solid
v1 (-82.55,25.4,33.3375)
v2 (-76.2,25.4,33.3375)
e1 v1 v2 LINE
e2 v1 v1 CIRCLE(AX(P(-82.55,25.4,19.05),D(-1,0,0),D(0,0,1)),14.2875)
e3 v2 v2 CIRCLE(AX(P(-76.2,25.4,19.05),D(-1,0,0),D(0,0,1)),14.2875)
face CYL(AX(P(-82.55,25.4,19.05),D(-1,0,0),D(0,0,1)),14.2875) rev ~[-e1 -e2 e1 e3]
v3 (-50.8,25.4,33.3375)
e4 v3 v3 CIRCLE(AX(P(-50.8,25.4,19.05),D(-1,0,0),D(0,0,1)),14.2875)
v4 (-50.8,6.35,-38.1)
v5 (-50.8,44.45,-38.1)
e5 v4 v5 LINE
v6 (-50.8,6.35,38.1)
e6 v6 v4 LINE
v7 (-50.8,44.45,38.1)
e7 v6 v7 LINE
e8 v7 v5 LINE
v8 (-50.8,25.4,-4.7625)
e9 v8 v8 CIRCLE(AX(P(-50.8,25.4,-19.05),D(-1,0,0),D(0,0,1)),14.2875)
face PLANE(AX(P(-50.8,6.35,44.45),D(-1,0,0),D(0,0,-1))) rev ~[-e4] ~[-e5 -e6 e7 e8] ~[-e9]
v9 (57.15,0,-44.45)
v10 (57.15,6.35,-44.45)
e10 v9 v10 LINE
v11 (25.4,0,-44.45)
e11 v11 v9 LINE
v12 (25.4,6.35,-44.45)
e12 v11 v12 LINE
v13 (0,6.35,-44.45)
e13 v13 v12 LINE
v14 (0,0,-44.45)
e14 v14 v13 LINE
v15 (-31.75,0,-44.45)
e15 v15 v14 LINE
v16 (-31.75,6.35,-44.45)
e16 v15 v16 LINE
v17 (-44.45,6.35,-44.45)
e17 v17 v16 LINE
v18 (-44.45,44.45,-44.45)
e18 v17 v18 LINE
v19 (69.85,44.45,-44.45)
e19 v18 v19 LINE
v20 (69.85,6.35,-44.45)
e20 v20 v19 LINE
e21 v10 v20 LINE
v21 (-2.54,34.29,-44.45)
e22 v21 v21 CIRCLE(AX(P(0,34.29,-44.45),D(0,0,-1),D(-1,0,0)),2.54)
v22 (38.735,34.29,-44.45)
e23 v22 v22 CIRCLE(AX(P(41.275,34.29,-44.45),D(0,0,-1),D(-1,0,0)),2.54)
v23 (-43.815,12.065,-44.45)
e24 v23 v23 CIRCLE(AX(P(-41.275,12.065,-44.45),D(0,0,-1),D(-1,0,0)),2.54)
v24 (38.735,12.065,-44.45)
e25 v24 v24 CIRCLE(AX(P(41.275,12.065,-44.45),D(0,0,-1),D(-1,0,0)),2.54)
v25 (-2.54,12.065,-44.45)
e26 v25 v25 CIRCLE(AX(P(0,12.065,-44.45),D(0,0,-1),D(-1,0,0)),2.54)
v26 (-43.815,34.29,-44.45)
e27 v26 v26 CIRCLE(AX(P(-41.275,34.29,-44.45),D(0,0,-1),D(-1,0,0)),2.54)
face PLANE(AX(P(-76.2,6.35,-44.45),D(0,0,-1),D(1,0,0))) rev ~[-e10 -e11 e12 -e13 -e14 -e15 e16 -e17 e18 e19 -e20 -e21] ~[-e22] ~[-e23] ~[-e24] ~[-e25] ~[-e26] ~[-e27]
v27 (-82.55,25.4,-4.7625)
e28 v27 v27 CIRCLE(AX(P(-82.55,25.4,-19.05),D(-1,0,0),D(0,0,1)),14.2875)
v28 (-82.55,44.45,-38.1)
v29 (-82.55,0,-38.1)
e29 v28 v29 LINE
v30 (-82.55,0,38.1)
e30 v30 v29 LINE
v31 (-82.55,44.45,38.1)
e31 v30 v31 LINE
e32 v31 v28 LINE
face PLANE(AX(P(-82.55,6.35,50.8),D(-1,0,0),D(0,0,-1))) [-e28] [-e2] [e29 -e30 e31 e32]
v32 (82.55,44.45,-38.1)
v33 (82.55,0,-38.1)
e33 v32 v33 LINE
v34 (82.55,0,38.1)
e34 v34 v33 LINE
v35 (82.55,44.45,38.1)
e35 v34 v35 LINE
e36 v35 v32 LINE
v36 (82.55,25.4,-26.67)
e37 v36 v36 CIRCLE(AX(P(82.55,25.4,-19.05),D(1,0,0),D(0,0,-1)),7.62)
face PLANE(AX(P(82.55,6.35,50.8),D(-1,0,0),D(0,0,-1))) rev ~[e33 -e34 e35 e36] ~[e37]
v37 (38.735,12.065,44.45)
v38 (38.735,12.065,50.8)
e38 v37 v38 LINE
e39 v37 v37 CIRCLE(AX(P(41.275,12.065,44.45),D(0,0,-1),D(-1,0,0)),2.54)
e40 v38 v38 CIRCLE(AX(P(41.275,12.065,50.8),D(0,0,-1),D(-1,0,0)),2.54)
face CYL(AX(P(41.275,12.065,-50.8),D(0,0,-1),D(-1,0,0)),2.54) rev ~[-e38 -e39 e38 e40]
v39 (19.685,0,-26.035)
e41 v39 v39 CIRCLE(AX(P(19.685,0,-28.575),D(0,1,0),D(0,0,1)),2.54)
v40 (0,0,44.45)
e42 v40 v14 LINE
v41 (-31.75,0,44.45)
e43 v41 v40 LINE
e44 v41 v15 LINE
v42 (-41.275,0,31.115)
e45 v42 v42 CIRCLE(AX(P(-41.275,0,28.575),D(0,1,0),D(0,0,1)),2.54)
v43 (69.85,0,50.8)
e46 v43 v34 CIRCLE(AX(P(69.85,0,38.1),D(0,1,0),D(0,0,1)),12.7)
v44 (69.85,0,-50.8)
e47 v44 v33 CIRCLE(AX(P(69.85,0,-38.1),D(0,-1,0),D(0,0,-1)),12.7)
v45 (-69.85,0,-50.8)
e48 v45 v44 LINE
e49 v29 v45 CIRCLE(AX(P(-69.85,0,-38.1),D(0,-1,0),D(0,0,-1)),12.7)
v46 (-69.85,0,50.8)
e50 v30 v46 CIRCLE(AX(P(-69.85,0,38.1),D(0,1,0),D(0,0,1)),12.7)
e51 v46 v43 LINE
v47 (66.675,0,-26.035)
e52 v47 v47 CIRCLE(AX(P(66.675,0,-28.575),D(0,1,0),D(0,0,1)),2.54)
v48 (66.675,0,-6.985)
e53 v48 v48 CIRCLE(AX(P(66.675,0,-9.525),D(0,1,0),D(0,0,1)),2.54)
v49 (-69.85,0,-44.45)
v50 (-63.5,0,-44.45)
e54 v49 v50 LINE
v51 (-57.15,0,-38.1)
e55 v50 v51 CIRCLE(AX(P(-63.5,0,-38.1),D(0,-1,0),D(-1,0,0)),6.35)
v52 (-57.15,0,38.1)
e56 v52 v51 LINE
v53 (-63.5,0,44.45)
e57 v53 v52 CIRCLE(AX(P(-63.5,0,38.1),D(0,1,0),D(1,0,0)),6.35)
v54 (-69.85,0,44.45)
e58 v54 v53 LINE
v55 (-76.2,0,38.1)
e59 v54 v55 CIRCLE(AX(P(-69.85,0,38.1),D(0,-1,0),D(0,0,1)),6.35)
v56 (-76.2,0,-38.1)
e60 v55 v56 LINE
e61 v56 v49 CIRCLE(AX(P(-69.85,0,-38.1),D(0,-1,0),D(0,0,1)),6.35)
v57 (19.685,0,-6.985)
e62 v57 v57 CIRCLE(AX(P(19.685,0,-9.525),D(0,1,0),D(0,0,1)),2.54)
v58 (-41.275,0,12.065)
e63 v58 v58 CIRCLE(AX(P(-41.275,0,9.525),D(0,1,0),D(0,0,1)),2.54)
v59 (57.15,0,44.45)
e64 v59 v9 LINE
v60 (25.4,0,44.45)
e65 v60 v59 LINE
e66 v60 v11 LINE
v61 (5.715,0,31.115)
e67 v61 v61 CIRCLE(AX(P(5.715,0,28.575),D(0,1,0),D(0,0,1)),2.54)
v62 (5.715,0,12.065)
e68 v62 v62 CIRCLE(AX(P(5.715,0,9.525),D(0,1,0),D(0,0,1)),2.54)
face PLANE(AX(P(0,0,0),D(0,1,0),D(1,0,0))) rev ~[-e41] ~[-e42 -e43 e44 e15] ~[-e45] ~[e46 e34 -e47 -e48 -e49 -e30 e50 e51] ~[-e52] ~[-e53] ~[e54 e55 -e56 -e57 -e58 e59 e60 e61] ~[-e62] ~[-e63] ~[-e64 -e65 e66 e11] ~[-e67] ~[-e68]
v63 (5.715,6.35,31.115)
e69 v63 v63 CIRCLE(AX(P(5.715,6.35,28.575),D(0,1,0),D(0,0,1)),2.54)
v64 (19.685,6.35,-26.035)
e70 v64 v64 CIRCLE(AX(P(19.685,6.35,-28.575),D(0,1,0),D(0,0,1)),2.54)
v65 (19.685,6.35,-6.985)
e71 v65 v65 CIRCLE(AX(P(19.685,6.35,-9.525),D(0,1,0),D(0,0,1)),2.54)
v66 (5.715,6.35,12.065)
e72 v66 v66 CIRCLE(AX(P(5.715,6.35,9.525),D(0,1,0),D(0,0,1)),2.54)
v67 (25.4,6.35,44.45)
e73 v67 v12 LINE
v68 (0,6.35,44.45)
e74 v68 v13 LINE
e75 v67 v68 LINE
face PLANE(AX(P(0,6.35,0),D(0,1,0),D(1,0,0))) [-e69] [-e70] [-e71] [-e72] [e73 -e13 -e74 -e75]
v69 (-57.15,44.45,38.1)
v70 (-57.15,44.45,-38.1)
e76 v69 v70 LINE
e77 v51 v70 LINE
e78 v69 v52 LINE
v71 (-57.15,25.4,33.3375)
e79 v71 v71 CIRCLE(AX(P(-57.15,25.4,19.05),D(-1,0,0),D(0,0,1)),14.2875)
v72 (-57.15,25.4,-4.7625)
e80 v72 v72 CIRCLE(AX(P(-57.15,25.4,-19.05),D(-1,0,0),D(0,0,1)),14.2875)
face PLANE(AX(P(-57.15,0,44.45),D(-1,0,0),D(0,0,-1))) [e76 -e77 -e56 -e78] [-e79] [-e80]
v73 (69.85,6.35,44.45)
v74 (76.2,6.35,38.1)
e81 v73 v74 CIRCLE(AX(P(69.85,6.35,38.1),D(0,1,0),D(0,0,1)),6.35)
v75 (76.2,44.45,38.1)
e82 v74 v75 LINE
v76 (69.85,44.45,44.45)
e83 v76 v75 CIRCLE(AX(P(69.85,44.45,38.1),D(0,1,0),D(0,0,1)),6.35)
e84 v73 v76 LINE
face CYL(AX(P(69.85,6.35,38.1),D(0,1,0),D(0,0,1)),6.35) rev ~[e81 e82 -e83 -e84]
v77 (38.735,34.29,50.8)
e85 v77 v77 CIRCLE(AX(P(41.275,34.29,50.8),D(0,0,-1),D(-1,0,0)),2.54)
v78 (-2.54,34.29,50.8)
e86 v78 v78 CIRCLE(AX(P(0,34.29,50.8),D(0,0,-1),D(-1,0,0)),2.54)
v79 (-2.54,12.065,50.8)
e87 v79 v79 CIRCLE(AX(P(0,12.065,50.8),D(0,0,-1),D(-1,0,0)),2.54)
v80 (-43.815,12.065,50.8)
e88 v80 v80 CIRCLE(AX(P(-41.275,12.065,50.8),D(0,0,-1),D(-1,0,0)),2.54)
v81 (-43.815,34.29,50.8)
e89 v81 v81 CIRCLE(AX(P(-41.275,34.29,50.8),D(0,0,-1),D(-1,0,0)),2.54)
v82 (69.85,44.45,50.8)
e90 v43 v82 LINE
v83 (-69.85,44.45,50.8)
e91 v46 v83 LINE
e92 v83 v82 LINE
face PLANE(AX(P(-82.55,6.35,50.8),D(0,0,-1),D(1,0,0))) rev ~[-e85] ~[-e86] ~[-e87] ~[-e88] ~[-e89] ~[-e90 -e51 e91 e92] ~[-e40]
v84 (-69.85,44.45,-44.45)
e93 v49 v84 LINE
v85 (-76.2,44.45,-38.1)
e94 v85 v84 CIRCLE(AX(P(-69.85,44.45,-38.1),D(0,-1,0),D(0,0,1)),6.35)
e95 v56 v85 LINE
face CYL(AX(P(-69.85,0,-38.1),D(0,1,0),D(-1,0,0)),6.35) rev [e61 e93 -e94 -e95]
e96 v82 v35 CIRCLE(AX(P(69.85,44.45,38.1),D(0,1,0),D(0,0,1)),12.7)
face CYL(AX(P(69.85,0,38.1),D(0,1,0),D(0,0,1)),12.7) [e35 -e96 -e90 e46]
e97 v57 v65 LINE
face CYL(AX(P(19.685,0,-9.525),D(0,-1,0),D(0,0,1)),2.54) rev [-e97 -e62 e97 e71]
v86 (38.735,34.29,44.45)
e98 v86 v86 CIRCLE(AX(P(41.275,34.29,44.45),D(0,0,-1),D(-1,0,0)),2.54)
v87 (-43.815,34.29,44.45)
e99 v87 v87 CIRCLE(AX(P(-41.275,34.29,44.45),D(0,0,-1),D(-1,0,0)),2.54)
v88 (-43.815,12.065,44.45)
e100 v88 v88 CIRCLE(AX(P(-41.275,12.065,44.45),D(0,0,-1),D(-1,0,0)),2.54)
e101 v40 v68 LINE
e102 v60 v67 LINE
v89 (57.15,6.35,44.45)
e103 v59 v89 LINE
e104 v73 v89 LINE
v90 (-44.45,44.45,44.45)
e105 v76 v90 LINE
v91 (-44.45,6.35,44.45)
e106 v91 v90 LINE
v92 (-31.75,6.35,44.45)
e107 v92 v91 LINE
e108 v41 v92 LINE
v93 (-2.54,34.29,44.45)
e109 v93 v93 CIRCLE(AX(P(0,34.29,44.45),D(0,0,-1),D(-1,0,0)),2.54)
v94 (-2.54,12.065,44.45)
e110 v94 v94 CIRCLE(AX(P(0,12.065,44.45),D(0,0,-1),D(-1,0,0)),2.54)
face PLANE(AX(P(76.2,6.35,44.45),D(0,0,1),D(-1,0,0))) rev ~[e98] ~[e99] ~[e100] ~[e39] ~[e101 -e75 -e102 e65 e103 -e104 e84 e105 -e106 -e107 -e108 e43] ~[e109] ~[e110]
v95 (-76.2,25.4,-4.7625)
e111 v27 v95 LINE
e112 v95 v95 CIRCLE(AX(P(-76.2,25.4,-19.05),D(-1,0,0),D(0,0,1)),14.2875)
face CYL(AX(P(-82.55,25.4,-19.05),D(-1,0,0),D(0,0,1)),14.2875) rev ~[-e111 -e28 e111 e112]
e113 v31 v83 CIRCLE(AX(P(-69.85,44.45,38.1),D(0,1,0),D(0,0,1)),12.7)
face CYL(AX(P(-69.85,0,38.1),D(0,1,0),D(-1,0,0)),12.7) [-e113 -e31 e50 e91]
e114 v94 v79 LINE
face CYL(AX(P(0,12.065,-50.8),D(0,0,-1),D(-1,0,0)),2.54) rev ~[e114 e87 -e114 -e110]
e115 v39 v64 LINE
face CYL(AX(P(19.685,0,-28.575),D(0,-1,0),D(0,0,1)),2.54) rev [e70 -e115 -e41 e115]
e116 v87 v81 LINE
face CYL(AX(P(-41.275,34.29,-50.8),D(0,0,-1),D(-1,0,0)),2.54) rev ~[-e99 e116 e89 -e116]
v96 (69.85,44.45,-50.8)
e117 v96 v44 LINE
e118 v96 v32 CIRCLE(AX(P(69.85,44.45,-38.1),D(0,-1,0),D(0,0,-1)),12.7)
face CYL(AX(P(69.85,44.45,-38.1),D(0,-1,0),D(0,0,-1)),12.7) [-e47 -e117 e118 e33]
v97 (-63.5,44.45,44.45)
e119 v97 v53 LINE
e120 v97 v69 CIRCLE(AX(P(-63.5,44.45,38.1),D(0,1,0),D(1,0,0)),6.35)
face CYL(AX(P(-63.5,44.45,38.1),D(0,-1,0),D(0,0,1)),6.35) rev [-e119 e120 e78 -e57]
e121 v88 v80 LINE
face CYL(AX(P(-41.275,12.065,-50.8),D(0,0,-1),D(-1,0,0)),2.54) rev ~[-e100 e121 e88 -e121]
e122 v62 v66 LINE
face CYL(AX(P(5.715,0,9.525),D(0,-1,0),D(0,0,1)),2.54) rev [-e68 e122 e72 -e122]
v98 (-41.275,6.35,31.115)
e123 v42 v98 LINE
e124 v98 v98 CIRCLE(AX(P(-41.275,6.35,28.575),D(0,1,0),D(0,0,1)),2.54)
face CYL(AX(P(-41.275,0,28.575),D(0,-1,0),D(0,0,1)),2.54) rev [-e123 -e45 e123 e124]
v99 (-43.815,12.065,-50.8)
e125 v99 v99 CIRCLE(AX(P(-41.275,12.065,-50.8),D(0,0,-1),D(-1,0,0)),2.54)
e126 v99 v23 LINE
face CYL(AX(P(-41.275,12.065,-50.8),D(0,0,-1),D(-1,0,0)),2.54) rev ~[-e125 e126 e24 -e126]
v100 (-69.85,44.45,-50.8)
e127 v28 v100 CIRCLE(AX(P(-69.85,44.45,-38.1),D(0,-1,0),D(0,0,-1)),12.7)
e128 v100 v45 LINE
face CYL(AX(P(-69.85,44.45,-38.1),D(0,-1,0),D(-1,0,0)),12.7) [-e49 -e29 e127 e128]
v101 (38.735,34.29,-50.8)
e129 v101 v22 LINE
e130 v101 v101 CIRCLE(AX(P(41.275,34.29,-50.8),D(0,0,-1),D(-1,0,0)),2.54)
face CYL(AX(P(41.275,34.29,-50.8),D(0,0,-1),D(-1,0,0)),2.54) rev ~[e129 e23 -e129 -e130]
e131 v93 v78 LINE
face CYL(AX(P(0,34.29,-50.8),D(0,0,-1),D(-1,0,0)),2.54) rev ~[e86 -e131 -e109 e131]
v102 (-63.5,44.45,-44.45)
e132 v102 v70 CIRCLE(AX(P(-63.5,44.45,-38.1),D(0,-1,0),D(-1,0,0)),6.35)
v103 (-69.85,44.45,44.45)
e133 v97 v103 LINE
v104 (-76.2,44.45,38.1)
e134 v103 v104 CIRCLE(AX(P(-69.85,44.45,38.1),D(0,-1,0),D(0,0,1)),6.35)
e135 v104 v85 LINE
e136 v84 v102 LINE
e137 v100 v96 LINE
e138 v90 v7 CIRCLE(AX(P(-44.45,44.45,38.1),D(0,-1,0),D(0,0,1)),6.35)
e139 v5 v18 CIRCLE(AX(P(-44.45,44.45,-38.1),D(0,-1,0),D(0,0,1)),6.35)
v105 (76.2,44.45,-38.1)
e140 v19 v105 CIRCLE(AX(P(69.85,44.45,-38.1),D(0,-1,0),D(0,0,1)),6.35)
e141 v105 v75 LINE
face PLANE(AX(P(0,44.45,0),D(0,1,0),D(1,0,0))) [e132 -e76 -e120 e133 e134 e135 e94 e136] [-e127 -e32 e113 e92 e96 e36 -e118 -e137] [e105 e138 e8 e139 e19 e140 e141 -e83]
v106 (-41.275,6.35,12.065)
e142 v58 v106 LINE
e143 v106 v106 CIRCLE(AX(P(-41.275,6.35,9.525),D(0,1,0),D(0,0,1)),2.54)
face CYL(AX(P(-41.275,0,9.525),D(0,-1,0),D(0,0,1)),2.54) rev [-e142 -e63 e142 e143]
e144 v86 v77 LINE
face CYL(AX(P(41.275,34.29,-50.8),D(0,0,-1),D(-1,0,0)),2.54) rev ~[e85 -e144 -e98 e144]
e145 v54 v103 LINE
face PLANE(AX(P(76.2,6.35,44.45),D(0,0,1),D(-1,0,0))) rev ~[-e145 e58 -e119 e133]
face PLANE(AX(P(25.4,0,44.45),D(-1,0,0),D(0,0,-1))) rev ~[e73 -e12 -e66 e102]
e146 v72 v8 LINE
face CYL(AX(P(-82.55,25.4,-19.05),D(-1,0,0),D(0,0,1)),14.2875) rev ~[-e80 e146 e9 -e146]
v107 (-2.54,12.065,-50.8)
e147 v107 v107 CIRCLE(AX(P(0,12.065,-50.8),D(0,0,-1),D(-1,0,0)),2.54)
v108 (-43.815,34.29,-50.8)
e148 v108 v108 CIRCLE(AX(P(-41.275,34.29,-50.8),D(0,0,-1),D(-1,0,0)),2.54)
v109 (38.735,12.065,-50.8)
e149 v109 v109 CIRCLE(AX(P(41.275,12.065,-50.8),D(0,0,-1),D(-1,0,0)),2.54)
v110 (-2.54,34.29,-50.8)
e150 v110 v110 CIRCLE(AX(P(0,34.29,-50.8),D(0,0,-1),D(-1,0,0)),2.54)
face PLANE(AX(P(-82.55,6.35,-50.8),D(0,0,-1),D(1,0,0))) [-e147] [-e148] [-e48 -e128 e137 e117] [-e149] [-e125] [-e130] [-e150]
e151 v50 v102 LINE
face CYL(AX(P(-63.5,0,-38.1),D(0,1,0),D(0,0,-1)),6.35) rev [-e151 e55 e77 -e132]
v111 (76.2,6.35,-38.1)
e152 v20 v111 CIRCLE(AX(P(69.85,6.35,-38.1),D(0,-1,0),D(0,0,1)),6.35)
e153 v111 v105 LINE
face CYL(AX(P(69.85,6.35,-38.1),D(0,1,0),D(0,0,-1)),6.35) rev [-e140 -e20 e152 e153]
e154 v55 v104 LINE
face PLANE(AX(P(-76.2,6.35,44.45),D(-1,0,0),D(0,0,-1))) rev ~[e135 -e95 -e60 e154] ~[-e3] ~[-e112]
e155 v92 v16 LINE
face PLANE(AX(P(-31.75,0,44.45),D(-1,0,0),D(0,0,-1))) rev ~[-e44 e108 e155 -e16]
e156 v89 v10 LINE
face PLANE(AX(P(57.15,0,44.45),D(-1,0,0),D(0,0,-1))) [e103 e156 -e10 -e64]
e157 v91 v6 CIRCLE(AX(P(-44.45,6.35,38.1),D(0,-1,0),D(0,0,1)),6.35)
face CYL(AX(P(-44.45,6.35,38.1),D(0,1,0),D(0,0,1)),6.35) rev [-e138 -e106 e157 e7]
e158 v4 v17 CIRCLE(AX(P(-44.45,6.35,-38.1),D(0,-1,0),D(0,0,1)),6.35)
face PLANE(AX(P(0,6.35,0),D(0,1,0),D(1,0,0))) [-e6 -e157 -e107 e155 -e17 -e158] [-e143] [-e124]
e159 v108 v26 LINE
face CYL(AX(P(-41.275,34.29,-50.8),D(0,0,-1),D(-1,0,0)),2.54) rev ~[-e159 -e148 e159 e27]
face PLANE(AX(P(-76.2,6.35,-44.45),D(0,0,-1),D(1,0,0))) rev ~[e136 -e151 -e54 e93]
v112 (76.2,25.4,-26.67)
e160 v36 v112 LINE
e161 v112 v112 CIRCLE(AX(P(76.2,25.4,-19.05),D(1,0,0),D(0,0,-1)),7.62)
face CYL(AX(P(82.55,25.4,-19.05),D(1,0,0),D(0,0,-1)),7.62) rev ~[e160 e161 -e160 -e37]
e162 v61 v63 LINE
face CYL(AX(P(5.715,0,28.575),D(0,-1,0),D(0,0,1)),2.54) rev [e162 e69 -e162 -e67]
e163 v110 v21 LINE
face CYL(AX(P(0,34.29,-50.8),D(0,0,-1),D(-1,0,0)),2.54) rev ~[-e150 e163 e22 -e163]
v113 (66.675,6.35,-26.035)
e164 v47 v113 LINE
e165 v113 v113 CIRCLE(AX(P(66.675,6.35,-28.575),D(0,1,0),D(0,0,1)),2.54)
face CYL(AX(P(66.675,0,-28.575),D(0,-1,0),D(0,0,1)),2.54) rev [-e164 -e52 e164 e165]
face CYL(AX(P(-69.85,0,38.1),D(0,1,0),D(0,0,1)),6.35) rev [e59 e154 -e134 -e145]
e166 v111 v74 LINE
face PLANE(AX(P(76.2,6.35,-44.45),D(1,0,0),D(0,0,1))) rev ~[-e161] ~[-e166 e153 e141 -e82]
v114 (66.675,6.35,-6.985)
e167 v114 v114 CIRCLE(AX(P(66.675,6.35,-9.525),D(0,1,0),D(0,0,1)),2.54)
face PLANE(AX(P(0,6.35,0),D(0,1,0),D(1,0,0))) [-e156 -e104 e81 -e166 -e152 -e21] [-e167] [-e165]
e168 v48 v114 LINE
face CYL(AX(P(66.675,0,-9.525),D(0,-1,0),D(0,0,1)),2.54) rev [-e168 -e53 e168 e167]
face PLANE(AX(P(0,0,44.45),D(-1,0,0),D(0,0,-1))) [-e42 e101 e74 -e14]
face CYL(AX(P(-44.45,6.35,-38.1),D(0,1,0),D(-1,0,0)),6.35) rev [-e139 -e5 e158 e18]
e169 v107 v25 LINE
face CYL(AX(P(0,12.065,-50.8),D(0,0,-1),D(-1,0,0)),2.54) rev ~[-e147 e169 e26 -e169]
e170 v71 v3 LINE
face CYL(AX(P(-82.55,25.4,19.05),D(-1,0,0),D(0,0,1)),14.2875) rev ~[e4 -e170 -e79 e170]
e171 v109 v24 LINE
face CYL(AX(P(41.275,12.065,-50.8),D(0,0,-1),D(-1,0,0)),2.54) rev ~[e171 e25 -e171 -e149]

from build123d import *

# Parameters (mm, degrees)
SKETCH1_W           = 165.1
SKETCH1_H           = 101.6
SKETCH1_R           = 2.54
SKETCH1_W_2         = 133.35
SKETCH1_H_2         = 88.9
SKETCH1_W_3         = 25.4
MOUNTING_BASE_DEPTH = 6.35
SKETCH2_W           = 165.1
SKETCH2_H           = 101.6
SKETCH2_W_2         = 6.35
SKETCH2_H_2         = 88.9
WALLS_DEPTH         = 38.1
SKETCH3_R           = 14.2875
BEARING_HOLES_DEPTH = 38.1
SKETCH4_R           = 7.62
SHAFT_HOLES_DEPTH   = 38.1
SKETCH5_R           = 2.54
MOD_HOLES_DEPTH     = 139.249285712
OUTSIDE_VERTICES_R  = 12.7
INSIDE_VERTICES_R   = 6.35


with BuildPart() as part:
    # Sketch1 → Mounting Base (new body)
    # profile 1 of 3: a face of its own
    with BuildSketch(Plane(origin=(0, 0, 0), x_dir=(1, 0, 0), z_dir=(0, 1, 0))):
        Rectangle(SKETCH1_W, SKETCH1_H)
        with Locations(Location((66.675, 9.525, 0), (0, 0, 270))):
            Circle(SKETCH1_R, mode=Mode.SUBTRACT)
        with Locations(Location((66.675, 28.575, 0), (0, 0, 270))):
            Circle(SKETCH1_R, mode=Mode.SUBTRACT)
        with Locations((-9.525, 0)):
            Rectangle(SKETCH1_W_2, SKETCH1_H_2, mode=Mode.SUBTRACT)
    # profile 2 of 3: a face of its own
    with BuildSketch(Plane(origin=(0, 0, 0), x_dir=(1, 0, 0), z_dir=(0, 1, 0))):
        with Locations((-44.45, 0)):
            Rectangle(SKETCH1_W_3, SKETCH1_H_2)
        with Locations(Location((-41.275, -28.575, 0), (0, 0, 270))):
            Circle(SKETCH1_R, mode=Mode.SUBTRACT)
        with Locations(Location((-41.275, -9.525, 0), (0, 0, 270))):
            Circle(SKETCH1_R, mode=Mode.SUBTRACT)
    # profile 3 of 3: a face of its own
    with BuildSketch(Plane(origin=(0, 0, 0), x_dir=(1, 0, 0), z_dir=(0, 1, 0))):
        with Locations((12.7, 0)):
            Rectangle(SKETCH1_W_3, SKETCH1_H_2)
        with Locations(Location((5.715, -28.575, 0), (0, 0, 270))):
            Circle(SKETCH1_R, mode=Mode.SUBTRACT)
        with Locations(Location((5.715, -9.525, 0), (0, 0, 270))):
            Circle(SKETCH1_R, mode=Mode.SUBTRACT)
        with Locations(Location((19.685, 9.525, 0), (0, 0, 270))):
            Circle(SKETCH1_R, mode=Mode.SUBTRACT)
        with Locations(Location((19.685, 28.575, 0), (0, 0, 270))):
            Circle(SKETCH1_R, mode=Mode.SUBTRACT)
    extrude(amount=MOUNTING_BASE_DEPTH)

    # Sketch2 → Walls (add)
    # profile 1 of 2: a face of its own
    with BuildSketch(Plane(origin=(0, 6.35, 0), x_dir=(1, 0, 0), z_dir=(0, 1, 0))):
        Rectangle(SKETCH2_W, SKETCH2_H)
        Polygon((-57.15, -44.45), (-76.2, -44.45), (-76.2, 44.45), (-57.15, 44.45), (-50.8, 44.45), (-31.75, 44.45), (0, 44.45), (25.4, 44.45), (57.15, 44.45), (76.2, 44.45), (76.2, -44.45), (57.15, -44.45), (25.4, -44.45), (0, -44.45), (-31.75, -44.45), (-50.8, -44.45), align=None, mode=Mode.SUBTRACT)
    # profile 2 of 2: a face of its own
    with BuildSketch(Plane(origin=(0, 6.35, 0), x_dir=(1, 0, 0), z_dir=(0, 1, 0))):
        with Locations((-53.975, 0)):
            Rectangle(SKETCH2_W_2, SKETCH2_H_2)
    extrude(amount=WALLS_DEPTH)

    # Sketch3 → Bearing Holes (cut)
    with BuildSketch(Plane.ZY.offset(82.55)):
        with Locations((-19.05, 25.4)):
            Circle(SKETCH3_R)
        with Locations((19.05, 25.4)):
            Circle(SKETCH3_R)
    extrude(amount=-BEARING_HOLES_DEPTH, mode=Mode.SUBTRACT)

    # Sketch4 → Shaft Holes (cut)
    with BuildSketch(Plane(origin=(82.55, 0, 0), x_dir=(0, 0, -1), z_dir=(1, 0, 0))):
        with Locations((19.05, 25.4)):
            Circle(SKETCH4_R)
    extrude(amount=-SHAFT_HOLES_DEPTH, mode=Mode.SUBTRACT)

    # Sketch5 → Mod Holes (cut, through all)
    with BuildSketch(Plane(origin=(0, 0, -50.8), x_dir=(-1, 0, 0), z_dir=(0, 0, -1))):
        with Locations((-41.275, 34.29)):
            Circle(SKETCH5_R)
        with Locations((-41.275, 12.065)):
            Circle(SKETCH5_R)
        with Locations((41.275, 34.29)):
            Circle(SKETCH5_R)
        with Locations((41.275, 12.065)):
            Circle(SKETCH5_R)
        with Locations((0, 34.29)):
            Circle(SKETCH5_R)
        with Locations((0, 12.065)):
            Circle(SKETCH5_R)
    extrude(amount=-MOD_HOLES_DEPTH, mode=Mode.SUBTRACT)

    # Outside Vertices
    outside_vertices_edges = [part.edges().sort_by_distance(p)[0] for p in [
        (-82.55, 22.225, 50.8),
        (-82.55, 22.225, -50.8),
        (82.55, 22.225, -50.8),
        (82.55, 22.225, 50.8),
    ]]
    fillet(outside_vertices_edges, radius=OUTSIDE_VERTICES_R)

    # Inside Vertices
    inside_vertices_edges = [part.edges().sort_by_distance(p)[0] for p in [
        (-76.2, 22.225, 44.45),
        (-76.2, 22.225, -44.45),
        (76.2, 25.4, 44.45),
        (76.2, 25.4, -44.45),
        (-50.8, 25.4, -44.45),
        (-50.8, 25.4, 44.45),
        (-57.15, 22.225, 44.45),
        (-57.15, 22.225, -44.45),
    ]]
    fillet(inside_vertices_edges, radius=INSIDE_VERTICES_R)


solid = part.part
